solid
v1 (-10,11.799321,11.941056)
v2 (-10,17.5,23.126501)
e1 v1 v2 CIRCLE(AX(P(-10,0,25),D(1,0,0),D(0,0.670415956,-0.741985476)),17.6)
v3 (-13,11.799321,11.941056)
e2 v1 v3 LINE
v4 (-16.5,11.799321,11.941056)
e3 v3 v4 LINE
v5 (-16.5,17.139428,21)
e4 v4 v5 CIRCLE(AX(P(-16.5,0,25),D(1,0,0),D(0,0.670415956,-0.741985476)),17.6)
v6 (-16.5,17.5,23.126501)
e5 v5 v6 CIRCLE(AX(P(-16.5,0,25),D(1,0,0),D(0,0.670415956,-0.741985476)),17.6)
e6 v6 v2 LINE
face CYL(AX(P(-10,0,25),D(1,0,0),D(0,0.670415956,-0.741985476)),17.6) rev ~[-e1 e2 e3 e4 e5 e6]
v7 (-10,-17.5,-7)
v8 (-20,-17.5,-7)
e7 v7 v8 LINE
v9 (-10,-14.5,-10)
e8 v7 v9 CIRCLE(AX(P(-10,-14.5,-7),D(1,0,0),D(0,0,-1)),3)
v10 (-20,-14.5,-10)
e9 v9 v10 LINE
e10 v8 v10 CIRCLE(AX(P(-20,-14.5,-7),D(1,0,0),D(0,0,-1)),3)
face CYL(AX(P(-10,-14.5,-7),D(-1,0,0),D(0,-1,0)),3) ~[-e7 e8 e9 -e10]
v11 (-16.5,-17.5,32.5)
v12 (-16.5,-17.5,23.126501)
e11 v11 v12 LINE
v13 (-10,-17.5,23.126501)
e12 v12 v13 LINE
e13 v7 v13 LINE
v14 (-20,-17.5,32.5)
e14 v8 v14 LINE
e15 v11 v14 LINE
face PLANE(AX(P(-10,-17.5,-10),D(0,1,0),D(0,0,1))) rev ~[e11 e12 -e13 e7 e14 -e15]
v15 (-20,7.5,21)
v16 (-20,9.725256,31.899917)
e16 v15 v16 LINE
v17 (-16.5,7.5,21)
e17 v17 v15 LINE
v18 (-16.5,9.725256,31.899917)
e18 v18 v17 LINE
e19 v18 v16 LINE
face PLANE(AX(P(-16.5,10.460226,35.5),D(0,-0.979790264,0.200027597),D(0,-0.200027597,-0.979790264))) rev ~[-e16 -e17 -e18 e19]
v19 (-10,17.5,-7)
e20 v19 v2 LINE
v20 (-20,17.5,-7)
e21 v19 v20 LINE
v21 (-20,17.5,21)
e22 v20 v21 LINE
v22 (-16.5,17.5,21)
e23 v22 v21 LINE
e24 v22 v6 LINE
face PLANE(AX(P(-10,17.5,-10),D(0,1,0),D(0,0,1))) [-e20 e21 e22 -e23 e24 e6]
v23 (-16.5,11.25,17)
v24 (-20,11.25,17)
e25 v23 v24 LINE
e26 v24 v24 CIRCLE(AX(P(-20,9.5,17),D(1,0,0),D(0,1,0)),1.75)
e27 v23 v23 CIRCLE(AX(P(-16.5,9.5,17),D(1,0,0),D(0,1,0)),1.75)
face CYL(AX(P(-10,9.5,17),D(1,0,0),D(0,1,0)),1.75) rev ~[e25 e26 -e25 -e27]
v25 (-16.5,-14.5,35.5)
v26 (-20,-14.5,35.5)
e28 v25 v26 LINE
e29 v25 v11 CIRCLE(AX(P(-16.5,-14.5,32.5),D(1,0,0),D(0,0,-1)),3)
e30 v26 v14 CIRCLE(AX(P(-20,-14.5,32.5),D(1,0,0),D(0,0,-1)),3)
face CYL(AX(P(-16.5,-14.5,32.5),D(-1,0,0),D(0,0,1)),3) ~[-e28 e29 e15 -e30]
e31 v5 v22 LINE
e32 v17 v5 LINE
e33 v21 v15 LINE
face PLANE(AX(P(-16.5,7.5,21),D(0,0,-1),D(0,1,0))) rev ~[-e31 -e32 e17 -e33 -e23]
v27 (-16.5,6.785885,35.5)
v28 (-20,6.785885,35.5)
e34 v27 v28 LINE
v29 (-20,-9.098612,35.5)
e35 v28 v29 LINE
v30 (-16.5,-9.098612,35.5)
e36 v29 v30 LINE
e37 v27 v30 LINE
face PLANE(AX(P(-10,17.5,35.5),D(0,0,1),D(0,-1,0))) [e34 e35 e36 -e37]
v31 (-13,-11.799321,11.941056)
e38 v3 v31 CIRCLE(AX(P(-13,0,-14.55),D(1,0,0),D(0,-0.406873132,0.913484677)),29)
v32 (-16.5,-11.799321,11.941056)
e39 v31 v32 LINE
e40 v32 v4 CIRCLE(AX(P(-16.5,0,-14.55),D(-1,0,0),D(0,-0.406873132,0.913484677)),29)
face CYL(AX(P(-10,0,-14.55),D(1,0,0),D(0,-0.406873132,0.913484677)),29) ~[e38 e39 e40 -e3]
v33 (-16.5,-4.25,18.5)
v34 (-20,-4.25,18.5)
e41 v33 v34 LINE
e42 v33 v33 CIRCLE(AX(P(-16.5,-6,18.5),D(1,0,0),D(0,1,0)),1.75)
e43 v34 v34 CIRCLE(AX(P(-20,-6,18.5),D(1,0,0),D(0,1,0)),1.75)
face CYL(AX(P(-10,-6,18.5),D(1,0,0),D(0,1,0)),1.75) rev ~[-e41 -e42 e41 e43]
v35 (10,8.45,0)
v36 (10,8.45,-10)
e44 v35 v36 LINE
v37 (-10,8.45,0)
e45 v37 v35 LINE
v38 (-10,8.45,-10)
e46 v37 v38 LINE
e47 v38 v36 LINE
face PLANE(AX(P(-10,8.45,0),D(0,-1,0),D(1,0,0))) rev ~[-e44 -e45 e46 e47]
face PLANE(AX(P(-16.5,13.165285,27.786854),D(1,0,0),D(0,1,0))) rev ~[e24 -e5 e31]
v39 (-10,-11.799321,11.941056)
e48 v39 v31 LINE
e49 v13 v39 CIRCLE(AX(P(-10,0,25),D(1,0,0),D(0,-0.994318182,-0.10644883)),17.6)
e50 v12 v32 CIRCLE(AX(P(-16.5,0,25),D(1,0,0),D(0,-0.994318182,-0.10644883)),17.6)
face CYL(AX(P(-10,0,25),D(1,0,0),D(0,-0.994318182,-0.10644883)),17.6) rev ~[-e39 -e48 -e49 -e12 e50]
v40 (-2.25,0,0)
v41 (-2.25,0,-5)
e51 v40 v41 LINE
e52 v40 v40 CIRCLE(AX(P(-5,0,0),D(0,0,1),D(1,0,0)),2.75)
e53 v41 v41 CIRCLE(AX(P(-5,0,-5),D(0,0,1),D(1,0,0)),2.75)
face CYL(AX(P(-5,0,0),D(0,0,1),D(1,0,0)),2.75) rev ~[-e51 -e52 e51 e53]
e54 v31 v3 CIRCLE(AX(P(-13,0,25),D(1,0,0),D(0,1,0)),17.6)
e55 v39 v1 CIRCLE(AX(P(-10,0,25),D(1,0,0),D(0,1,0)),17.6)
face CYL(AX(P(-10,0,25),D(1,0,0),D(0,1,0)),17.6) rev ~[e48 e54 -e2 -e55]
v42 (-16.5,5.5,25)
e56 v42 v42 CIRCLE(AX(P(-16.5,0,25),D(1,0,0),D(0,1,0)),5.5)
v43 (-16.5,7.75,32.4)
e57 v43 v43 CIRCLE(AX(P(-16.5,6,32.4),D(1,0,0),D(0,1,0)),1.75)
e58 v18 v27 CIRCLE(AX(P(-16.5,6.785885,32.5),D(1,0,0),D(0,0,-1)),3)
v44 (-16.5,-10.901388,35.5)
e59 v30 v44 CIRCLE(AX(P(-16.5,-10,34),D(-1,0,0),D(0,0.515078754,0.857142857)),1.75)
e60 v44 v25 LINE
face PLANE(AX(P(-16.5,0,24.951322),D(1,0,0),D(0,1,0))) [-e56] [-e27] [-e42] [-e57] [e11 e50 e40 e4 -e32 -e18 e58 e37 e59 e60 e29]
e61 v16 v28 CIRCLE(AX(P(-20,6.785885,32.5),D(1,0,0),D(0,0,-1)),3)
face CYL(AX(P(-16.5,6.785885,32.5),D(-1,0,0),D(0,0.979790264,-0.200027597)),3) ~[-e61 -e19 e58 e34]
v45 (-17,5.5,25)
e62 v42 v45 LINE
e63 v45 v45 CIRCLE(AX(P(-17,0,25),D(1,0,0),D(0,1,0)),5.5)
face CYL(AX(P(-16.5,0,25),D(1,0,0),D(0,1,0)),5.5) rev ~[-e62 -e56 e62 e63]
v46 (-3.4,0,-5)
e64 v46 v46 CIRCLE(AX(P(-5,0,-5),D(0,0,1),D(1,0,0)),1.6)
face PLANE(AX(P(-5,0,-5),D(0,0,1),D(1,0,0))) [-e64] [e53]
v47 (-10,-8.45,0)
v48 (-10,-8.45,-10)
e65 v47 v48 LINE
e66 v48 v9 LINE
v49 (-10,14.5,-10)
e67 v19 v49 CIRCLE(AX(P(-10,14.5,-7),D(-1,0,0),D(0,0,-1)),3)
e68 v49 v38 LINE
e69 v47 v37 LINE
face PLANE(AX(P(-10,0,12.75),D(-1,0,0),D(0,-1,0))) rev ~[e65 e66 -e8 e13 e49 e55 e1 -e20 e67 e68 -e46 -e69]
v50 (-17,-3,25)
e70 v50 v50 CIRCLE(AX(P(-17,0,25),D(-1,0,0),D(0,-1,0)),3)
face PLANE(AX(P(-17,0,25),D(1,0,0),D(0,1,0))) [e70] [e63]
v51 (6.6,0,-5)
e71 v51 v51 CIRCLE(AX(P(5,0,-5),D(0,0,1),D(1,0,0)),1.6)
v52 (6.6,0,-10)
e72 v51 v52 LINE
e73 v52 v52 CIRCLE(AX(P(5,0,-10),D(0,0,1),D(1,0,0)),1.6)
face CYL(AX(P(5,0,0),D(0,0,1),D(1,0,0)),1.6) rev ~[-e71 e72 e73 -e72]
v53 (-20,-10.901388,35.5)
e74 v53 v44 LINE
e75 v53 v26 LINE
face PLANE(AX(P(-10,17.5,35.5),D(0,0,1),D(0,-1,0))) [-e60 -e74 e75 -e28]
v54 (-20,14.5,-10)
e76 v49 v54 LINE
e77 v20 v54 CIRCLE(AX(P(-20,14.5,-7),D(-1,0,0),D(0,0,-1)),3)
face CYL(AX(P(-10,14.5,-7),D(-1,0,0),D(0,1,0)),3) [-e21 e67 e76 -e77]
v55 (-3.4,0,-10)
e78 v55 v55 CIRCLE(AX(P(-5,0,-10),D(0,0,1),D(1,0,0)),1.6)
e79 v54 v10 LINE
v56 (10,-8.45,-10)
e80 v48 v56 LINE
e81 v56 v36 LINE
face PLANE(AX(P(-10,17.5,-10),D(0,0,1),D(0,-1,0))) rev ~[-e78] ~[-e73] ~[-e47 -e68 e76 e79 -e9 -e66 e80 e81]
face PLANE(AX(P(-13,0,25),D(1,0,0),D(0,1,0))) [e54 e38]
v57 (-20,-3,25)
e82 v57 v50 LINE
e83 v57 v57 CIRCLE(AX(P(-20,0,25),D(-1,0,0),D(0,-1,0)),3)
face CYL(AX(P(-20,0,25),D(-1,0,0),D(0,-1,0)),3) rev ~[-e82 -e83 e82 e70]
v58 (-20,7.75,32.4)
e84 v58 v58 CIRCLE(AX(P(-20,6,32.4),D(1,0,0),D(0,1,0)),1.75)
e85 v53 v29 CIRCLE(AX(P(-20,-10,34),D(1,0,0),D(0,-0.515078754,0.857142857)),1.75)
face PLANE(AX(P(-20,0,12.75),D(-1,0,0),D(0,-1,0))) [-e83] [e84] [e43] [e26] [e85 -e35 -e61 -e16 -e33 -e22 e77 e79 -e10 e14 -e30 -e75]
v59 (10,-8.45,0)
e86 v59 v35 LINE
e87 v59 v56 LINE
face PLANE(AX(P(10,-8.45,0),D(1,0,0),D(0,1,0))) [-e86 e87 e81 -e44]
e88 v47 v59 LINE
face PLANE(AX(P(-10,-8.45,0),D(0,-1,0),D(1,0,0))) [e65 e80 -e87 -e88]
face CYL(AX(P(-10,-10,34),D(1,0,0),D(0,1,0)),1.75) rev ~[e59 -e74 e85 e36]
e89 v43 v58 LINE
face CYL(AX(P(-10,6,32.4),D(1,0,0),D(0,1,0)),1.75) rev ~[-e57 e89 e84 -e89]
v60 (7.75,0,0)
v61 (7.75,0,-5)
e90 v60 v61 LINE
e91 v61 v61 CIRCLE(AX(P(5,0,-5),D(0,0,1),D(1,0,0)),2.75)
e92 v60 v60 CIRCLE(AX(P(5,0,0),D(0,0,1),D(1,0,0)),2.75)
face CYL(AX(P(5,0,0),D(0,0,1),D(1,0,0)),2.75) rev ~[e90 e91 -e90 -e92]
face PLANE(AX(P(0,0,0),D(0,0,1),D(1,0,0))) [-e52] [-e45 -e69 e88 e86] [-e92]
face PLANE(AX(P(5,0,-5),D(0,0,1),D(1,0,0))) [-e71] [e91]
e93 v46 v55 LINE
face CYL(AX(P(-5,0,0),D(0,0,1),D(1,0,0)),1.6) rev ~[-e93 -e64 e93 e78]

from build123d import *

# Parameters (mm, degrees)
F0_W      = 20
F0_H      = 16.9
F0_R      = 1.6
F1_DEPTH  = 10
F2_R      = 2.75
F3_DEPTH  = 5
F4_W      = 35
F4_H      = 45.5
F5_DEPTH  = 10
F6_R      = 3
F7_DEPTH  = 10
F8_R      = 3
F9_DEPTH  = 6.5
F10_R     = 1.75
F11_DEPTH = 10.001
F13_DEPTH = 3.501
F14_R     = 17.6
F15_DEPTH = 3
F16_R     = 3
F17_R     = 5.5
F18_DEPTH = 0.5


with BuildPart() as f1:
    # F0 (on Top) → F1 (new body)
    with BuildSketch(Plane.XY):
        Rectangle(F0_W, F0_H)
        with Locations((-5, 0)):
            Circle(F0_R, mode=Mode.SUBTRACT)
        with Locations((5, 0)):
            Circle(F0_R, mode=Mode.SUBTRACT)
    extrude(amount=-F1_DEPTH)

    # F2 (on face) → F3 (cut)
    with BuildSketch(Plane.XY):
        with Locations((-5, 0)):
            Circle(F2_R)
        with Locations((5, 0)):
            Circle(F2_R)
    extrude(amount=-F3_DEPTH, mode=Mode.SUBTRACT)

    # F4 (on face) → F5 (join)
    with BuildSketch(Plane(origin=(-10, 0, 0), x_dir=(0, -1, 0), z_dir=(-1, 0, 0))):
        with Locations((0, 12.75)):
            Rectangle(F4_W, F4_H)
    extrude(amount=F5_DEPTH)

    # F6 (on face) → F7 (cut, through all)
    with BuildSketch(Plane(origin=(-20, 0, 0), x_dir=(0, -1, 0), z_dir=(-1, 0, 0))):
        with Locations((0, 25)):
            Circle(F6_R)
    extrude(amount=-F7_DEPTH, mode=Mode.SUBTRACT)

    # F8 (on face) → F9 (cut)
    with BuildSketch(Plane.YZ.offset(-10)):
        with BuildLine():
            ThreePointArc((-11.7993208208, 11.9410556258), (0, 14.45), (11.7993208208, 11.9410556258))
            ThreePointArc((11.7993208208, 11.9410556258), (15.6809149912, 17.0081976351), (17.5, 23.1265006005))
            Line((17.5, 23.1265006005), (17.5, 35.5))
            Line((17.5, 35.5), (-17.5, 35.5))
            Line((-17.5, 35.5), (-17.5, 23.1265006005))
            ThreePointArc((-17.5, 23.1265006005), (-15.6809149912, 17.0081976351), (-11.7993208208, 11.9410556258))
        make_face()
        with Locations((0, 25)):
            Circle(F8_R, mode=Mode.SUBTRACT)
    extrude(amount=-F9_DEPTH, mode=Mode.SUBTRACT)

    # F10 (on face) → F11 (cut, through all)
    with BuildSketch(Plane.YZ.offset(-10)):
        with Locations((6, 32.4)):
            Circle(F10_R)
        with Locations((9.5, 17)):
            Circle(F10_R)
        with Locations((-6, 18.5)):
            Circle(F10_R)
        with Locations((-10, 34)):
            Circle(F10_R)
    extrude(amount=-F11_DEPTH, mode=Mode.SUBTRACT)

    # F12 (on face) → F13 (cut, through all)
    with BuildSketch(Plane.YZ.offset(-16.5)):
        Polygon((7.5, 21), (17.5, 21), (17.5, 35.5), (10.4602255331, 35.5), align=None)
    extrude(amount=-F13_DEPTH, mode=Mode.SUBTRACT)

    # F14 (on face) → F15 (cut)
    with BuildSketch(Plane.YZ.offset(-10)):
        with Locations((0, 25)):
            Circle(F14_R)
    extrude(amount=-F15_DEPTH, mode=Mode.SUBTRACT)

    # F16
    f16_edges = [f1.edges().sort_by_distance(p)[0] for p in [
        (-18.25, 10.460226, 35.5),
        (-18.25, -17.5, 35.5),
        (-15, -17.5, -10),
        (-15, 17.5, -10),
    ]]
    fillet(f16_edges, radius=F16_R)

    # F17 (on face) → F18 (cut)
    with BuildSketch(Plane.YZ.offset(-16.5)):
        with Locations((0, 25)):
            Circle(F17_R)
    extrude(amount=-F18_DEPTH, mode=Mode.SUBTRACT)


solid = f1.part
